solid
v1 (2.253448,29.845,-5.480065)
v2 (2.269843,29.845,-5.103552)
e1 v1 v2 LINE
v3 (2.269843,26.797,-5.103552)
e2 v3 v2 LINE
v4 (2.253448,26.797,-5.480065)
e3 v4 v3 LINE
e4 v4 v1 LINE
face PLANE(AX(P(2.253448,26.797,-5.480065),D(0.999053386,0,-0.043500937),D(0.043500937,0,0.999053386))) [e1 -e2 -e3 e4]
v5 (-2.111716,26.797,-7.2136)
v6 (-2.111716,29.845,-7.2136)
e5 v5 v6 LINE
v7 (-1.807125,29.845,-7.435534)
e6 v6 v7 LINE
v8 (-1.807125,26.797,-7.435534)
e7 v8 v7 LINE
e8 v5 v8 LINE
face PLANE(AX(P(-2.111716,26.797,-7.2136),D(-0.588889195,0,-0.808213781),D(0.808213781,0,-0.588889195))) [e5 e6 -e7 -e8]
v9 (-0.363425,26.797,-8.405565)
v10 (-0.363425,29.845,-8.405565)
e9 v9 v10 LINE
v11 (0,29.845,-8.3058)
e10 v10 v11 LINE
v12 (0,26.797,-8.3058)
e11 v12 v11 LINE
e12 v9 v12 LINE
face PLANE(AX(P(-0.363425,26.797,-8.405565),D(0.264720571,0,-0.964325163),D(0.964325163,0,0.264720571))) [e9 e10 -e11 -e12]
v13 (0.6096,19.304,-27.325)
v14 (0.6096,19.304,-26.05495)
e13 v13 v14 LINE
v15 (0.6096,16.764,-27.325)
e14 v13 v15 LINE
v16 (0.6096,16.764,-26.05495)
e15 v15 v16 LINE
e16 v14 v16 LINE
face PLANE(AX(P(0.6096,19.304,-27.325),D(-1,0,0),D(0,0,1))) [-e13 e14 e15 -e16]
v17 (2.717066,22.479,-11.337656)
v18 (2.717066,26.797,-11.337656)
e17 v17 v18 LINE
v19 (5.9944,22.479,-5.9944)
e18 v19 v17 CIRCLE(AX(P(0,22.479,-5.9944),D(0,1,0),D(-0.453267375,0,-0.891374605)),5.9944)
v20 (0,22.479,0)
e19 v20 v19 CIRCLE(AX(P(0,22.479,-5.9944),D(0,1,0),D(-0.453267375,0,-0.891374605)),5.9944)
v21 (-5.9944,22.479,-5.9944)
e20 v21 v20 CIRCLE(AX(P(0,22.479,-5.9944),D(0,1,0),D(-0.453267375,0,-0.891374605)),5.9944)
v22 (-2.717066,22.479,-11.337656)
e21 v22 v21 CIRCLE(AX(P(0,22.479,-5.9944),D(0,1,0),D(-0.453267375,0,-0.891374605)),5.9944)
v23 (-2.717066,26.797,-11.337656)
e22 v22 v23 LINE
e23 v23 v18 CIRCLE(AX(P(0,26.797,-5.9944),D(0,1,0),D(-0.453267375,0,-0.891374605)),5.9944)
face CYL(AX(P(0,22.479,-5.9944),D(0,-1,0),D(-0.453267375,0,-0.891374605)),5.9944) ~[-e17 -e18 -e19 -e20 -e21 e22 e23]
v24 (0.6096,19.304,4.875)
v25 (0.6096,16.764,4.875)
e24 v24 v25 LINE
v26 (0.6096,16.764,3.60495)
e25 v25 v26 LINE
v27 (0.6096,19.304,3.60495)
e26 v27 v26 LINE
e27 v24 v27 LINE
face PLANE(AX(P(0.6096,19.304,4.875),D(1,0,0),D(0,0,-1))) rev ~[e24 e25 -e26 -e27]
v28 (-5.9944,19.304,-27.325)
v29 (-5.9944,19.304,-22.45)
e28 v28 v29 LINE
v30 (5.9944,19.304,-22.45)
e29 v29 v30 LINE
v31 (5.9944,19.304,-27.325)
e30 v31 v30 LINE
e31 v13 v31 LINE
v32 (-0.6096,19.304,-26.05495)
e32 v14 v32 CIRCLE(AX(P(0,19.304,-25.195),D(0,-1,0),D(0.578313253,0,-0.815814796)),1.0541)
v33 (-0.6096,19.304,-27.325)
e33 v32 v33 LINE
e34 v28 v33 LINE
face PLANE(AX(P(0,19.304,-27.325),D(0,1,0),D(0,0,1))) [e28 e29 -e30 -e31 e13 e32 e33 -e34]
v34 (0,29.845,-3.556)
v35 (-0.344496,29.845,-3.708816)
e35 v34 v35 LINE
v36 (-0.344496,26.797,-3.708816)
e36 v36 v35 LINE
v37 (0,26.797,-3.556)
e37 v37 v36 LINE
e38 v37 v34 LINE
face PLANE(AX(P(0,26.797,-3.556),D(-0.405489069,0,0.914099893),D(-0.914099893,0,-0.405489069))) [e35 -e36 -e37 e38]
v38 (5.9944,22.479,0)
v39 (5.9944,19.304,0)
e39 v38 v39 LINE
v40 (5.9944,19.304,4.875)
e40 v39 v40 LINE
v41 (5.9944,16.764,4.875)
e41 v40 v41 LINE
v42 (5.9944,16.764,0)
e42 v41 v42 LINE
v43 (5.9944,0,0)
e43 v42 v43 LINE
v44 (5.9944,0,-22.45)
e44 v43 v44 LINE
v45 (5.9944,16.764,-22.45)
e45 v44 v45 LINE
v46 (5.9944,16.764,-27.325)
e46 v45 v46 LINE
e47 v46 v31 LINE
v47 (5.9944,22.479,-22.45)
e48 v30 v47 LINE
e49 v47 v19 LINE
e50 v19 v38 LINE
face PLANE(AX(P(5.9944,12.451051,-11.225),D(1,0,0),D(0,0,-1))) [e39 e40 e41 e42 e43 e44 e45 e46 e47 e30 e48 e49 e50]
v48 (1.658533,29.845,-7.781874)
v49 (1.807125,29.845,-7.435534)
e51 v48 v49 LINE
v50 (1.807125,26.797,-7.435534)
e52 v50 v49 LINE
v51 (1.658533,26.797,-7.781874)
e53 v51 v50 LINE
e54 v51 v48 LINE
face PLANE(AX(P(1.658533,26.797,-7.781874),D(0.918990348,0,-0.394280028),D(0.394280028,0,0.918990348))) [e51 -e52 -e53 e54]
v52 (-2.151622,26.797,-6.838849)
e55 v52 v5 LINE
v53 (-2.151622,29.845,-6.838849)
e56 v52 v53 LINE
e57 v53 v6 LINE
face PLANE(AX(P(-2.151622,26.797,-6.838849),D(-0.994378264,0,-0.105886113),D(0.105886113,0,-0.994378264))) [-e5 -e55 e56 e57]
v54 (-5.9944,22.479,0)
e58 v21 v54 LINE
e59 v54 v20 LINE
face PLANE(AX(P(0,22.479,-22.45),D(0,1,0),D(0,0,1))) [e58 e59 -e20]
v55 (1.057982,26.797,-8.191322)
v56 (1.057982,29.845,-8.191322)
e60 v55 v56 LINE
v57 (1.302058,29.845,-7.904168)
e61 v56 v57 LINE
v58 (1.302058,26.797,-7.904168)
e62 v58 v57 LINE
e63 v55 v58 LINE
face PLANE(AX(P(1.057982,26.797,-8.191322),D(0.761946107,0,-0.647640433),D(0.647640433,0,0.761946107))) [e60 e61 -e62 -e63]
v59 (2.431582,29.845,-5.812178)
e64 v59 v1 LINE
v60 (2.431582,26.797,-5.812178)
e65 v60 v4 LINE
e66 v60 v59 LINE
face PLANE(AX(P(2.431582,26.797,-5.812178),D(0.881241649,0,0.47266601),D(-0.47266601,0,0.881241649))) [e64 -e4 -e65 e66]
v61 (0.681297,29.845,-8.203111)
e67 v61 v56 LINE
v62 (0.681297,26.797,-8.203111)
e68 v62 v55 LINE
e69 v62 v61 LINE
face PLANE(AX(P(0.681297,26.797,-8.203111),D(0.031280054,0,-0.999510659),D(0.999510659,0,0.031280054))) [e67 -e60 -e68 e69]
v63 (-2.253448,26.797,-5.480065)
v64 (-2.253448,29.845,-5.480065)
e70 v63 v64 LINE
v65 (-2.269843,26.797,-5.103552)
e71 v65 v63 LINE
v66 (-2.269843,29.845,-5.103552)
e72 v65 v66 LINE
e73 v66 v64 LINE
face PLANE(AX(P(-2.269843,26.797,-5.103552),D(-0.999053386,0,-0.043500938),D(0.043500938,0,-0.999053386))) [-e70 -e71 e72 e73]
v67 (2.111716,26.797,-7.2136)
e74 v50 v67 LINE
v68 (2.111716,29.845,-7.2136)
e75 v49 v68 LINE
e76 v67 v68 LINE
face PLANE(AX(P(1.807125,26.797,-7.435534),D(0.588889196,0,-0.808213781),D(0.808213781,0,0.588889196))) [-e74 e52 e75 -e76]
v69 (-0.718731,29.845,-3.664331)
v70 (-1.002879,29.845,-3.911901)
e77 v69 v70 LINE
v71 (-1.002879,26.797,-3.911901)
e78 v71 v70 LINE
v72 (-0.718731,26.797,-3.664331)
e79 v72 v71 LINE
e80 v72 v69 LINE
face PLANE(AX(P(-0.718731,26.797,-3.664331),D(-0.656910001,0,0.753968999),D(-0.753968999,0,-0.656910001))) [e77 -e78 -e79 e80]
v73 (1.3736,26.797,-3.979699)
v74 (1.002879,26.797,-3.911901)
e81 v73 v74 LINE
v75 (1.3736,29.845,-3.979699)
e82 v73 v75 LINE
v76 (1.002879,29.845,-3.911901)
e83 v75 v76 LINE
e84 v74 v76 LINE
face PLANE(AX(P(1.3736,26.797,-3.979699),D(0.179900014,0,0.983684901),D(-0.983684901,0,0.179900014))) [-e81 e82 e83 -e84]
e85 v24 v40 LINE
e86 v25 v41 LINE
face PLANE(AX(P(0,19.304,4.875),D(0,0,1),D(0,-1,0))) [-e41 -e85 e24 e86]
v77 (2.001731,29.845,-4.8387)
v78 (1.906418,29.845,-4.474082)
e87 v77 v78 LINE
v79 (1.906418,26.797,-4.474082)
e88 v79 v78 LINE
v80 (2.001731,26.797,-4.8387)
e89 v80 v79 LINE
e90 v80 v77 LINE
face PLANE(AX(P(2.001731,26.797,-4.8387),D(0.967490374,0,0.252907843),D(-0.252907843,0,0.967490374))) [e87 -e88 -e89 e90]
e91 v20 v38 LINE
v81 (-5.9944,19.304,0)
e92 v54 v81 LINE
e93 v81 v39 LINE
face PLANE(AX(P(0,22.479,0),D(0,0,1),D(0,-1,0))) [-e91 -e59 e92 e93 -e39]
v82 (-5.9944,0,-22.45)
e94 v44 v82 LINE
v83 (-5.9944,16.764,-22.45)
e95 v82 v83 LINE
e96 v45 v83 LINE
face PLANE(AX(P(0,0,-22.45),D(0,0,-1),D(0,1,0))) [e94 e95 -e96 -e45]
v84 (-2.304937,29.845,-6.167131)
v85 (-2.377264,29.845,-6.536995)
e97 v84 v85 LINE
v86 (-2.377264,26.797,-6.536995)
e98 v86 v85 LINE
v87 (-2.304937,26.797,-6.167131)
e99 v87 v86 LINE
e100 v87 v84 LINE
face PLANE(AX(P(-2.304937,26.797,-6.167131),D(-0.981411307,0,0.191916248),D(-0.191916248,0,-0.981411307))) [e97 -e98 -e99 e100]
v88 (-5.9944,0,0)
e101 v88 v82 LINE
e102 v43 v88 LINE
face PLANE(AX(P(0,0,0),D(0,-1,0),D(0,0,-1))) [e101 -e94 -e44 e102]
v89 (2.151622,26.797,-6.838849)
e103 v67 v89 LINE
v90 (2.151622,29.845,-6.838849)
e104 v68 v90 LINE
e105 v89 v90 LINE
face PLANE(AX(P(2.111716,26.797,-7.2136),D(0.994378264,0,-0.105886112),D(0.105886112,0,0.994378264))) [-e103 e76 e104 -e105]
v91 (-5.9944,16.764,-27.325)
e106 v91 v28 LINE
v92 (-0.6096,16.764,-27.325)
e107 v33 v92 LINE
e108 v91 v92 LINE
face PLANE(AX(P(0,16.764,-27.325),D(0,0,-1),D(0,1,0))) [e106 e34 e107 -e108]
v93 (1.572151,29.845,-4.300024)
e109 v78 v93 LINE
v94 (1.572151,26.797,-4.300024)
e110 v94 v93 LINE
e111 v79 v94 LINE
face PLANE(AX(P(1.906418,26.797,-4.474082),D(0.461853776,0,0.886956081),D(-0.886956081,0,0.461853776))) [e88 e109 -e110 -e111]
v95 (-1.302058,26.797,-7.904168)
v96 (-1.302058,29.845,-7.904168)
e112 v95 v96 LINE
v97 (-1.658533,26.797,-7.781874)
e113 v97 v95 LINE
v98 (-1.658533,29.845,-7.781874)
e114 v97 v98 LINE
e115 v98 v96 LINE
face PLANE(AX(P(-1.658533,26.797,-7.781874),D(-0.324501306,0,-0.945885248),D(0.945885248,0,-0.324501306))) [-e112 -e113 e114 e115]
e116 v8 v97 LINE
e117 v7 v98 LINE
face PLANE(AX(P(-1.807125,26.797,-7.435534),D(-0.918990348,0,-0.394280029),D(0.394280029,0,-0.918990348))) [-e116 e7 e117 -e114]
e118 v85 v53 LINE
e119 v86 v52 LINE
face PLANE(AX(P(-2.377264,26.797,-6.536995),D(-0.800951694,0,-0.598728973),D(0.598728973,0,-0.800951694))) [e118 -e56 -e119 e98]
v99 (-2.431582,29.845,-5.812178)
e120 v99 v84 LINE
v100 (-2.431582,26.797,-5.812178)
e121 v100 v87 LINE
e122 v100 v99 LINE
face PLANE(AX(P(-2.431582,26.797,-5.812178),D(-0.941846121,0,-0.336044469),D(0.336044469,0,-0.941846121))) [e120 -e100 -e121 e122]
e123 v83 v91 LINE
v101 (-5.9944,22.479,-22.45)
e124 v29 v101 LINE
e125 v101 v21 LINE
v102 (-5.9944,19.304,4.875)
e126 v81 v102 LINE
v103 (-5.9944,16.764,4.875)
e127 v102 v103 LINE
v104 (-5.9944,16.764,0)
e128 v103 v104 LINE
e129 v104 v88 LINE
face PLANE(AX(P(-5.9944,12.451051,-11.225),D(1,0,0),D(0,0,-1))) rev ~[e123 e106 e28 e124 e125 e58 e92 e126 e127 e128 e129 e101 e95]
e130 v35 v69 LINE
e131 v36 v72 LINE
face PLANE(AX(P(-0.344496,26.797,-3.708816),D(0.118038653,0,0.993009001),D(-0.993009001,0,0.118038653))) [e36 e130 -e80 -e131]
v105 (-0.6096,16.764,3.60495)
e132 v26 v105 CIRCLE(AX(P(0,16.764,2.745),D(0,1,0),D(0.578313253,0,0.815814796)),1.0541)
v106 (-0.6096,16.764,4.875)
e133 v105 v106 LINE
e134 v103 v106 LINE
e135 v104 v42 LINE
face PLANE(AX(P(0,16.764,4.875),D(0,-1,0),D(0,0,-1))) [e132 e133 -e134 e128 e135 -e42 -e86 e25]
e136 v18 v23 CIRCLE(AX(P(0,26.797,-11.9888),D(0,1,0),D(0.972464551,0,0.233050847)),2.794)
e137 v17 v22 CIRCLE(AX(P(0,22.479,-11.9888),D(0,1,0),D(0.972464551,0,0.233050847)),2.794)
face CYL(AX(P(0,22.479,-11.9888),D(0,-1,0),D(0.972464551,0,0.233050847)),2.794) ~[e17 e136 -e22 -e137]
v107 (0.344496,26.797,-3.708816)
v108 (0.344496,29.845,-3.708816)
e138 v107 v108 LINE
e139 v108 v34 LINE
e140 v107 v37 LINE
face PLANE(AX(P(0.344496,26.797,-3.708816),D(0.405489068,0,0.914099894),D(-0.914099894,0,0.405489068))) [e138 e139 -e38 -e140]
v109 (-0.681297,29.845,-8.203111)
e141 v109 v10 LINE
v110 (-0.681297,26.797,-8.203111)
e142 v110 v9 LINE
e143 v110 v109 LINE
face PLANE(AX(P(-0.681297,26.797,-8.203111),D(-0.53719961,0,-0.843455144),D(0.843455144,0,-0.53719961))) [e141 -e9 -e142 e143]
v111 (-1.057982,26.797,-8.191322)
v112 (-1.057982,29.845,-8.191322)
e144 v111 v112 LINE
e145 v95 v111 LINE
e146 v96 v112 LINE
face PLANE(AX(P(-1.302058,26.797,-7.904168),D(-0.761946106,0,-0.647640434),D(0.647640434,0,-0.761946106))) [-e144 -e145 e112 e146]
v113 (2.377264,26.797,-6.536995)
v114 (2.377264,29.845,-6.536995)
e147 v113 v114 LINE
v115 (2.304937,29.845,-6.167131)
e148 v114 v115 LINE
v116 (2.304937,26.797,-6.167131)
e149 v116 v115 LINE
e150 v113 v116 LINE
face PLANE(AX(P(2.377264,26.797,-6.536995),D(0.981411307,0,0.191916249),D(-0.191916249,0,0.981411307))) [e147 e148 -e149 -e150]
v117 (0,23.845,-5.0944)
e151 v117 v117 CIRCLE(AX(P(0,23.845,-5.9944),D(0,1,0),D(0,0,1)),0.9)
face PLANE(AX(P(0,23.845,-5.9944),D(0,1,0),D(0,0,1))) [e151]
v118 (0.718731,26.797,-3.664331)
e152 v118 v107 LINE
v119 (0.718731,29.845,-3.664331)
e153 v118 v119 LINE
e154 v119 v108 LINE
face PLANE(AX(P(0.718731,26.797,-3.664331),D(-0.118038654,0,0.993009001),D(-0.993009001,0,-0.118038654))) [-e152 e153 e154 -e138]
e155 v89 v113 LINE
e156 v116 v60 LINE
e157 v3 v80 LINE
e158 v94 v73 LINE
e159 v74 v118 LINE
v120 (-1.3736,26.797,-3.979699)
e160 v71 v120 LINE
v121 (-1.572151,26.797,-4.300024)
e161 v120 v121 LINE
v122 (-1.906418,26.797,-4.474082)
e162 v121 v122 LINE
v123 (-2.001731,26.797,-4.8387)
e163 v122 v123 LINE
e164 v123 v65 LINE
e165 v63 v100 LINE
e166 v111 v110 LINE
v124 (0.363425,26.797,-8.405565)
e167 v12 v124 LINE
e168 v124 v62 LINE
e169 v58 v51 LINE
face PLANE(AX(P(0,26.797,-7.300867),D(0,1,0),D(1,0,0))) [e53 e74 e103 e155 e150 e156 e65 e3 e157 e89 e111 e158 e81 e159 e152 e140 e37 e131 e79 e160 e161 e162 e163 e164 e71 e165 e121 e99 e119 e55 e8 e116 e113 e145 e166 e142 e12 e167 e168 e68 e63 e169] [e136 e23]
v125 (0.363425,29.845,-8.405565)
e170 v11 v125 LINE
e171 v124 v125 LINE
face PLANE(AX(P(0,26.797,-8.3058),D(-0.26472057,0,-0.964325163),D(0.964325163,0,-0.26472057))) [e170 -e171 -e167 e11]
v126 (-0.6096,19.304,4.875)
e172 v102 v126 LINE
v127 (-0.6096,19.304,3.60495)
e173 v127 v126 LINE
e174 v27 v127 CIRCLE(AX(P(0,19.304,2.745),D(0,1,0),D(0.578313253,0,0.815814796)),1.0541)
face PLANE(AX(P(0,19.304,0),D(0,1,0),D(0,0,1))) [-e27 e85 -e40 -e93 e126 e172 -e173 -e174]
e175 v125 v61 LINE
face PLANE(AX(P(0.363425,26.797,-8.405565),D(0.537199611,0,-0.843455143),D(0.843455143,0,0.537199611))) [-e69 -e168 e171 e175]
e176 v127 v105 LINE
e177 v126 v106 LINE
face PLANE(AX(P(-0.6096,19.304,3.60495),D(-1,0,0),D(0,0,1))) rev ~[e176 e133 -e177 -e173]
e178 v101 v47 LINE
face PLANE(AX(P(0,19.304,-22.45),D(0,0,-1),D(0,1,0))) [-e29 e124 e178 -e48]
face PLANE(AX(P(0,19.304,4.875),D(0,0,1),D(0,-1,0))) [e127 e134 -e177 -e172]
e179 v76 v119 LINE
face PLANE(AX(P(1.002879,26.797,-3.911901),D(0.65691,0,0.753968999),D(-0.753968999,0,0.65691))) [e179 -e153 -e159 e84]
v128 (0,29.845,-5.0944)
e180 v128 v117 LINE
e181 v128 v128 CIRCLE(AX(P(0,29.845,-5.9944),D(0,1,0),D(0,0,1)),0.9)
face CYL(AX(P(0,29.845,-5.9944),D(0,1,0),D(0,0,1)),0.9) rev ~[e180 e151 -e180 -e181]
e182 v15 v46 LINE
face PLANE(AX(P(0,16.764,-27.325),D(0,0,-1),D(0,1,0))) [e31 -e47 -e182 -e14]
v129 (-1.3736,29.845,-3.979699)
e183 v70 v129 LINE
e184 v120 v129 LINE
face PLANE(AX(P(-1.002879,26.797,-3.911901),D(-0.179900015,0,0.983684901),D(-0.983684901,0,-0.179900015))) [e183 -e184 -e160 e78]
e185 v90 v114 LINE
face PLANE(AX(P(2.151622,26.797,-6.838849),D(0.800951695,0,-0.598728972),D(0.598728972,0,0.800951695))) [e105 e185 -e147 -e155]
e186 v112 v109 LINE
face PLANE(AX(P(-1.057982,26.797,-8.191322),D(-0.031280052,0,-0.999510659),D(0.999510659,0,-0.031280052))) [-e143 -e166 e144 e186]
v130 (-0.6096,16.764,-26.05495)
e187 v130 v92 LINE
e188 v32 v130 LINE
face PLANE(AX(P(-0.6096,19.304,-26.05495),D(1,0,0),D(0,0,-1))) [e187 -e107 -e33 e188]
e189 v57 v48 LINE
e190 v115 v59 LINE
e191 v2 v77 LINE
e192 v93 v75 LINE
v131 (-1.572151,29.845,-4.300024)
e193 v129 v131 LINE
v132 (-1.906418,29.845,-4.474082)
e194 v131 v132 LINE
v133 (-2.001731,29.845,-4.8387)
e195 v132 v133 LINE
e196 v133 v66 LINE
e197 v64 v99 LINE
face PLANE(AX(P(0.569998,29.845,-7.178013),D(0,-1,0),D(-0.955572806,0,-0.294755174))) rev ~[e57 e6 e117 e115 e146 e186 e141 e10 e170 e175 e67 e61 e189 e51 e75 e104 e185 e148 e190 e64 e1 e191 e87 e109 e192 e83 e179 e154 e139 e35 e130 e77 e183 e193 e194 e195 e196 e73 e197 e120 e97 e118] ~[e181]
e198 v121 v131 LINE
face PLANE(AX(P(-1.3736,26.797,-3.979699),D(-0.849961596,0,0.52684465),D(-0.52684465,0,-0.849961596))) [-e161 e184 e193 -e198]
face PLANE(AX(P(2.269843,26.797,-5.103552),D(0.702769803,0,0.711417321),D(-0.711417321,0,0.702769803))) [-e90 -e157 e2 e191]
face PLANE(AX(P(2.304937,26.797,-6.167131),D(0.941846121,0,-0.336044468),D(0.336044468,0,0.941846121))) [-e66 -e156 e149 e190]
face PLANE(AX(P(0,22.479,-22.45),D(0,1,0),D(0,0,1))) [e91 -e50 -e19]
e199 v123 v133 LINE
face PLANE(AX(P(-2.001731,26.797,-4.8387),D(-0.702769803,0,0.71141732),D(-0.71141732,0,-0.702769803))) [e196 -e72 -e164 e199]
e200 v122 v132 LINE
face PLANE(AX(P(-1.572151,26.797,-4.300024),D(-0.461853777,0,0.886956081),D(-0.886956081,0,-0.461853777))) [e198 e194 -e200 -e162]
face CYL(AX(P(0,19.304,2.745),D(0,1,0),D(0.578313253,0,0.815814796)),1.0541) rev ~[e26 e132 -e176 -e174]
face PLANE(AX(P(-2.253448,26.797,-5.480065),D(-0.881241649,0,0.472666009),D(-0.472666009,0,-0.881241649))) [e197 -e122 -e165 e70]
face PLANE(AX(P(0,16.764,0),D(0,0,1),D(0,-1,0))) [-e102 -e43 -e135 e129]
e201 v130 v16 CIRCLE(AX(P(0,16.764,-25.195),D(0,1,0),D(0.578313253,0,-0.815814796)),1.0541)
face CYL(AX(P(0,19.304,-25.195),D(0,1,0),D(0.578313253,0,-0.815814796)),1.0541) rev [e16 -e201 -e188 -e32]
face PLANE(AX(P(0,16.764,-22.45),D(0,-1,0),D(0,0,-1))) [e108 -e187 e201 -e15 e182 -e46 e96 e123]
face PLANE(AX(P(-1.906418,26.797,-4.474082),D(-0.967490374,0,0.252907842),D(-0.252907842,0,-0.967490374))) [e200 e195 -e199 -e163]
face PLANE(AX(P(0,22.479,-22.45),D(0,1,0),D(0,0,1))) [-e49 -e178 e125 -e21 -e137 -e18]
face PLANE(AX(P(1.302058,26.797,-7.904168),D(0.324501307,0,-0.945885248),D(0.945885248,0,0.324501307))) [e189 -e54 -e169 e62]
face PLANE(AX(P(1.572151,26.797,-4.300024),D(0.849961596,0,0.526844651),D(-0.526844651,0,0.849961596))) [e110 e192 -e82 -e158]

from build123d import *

# Parameters (mm, degrees)
BOSS_EXTRUDE1_DEPTH = 5.9944
BOSS_EXTRUDE2_DEPTH = 4.318
BOSS_EXTRUDE3_DEPTH = 3.048
CIRPATTERN1_COUNT   = 21
SKETCH4_R           = 0.9
CUT_EXTRUDE1_DEPTH  = 6
CUT_EXTRUDE2_REACH  = 35.989


with BuildPart() as part:
    # Sketch1 → Boss-Extrude1 (new, symmetric)
    with BuildSketch(Plane(origin=(0, 0, 0), x_dir=(0, 0, -1), z_dir=(1, 0, 0))):
        Polygon((22.45, 16.764), (27.325, 16.764), (27.325, 19.304), (22.45, 19.304), (22.45, 22.479), (0, 22.479), (0, 19.304), (-4.875, 19.304), (-4.875, 16.764), (0, 16.764), (0, 0), (22.45, 0), align=None)
    extrude(amount=BOSS_EXTRUDE1_DEPTH, both=True)

    # Sketch2 → Boss-Extrude2 (add)
    with BuildSketch(Plane(origin=(0, 22.479, 0), x_dir=(1, 0, 0), z_dir=(0, 1, 0))):
        with BuildLine():
            ThreePointArc((-2.717065955, 11.337655932), (0, 0), (2.717065955, 11.337655932))
            ThreePointArc((2.717065955, 11.337655932), (0, 14.7828), (-2.717065955, 11.337655932))
        make_face()
    extrude(amount=BOSS_EXTRUDE2_DEPTH)

    # Sketch3 → Boss-Extrude3 (add)
    with BuildSketch(Plane(origin=(0, 26.797, 0), x_dir=(1, 0, 0), z_dir=(0, 1, 0))):
        Polygon((0, 5.9944), (0, 8.3058), (0.363424662, 8.405565087), (0.68129711, 8.203110983), align=None)
    boss_extrude3 = extrude(amount=BOSS_EXTRUDE3_DEPTH)

    # CirPattern1: Boss-Extrude3 ×21 about axis
    cirpattern1_axis = Axis((0, 0, -5.9944), (0, 1, 0))
    for i in range(1, CIRPATTERN1_COUNT):
        add(boss_extrude3.rotate(cirpattern1_axis, i * 360 / CIRPATTERN1_COUNT))

    # Sketch4 → Cut-Extrude1 (cut)
    with BuildSketch(Plane(origin=(0, 29.845, 0), x_dir=(1, 0, 0), z_dir=(0, 1, 0))):
        with Locations(Location((0, 5.9944, 0), (0, 0, 270))):
            Circle(SKETCH4_R)
    extrude(amount=-CUT_EXTRUDE1_DEPTH, mode=Mode.SUBTRACT)

    # Sketch5 → Cut-Extrude2 (cut, up to next)
    with BuildSketch(Plane(origin=(0, 19.304, 0), x_dir=(1, 0, 0), z_dir=(0, 1, 0)), mode=Mode.PRIVATE) as cut_extrude2_sk1:
        with BuildLine():
            Line((-0.6096, 26.054950376), (-0.6096, 27.325))
            Line((-0.6096, 27.325), (0.6096, 27.325))
            Line((0.6096, 27.325), (0.6096, 26.054950376))
            ThreePointArc((0.6096, 26.054950376), (0, 24.1409), (-0.6096, 26.054950376))
        make_face()
    cut_extrude2_tool1 = extrude(cut_extrude2_sk1.sketch, amount=-CUT_EXTRUDE2_REACH, mode=Mode.PRIVATE) & part.part
    # Sketch5 → Cut-Extrude2 (cut, up to next)
    with BuildSketch(Plane(origin=(0, 19.304, 0), x_dir=(1, 0, 0), z_dir=(0, 1, 0)), mode=Mode.PRIVATE) as cut_extrude2_sk2:
        with BuildLine():
            Line((-0.6096, -4.875), (0.6096, -4.875))
            Line((0.6096, -4.875), (0.6096, -3.604950376))
            ThreePointArc((0.6096, -3.604950376), (0, -1.6909), (-0.6096, -3.604950376))
            Line((-0.6096, -3.604950376), (-0.6096, -4.875))
        make_face()
    cut_extrude2_tool2 = extrude(cut_extrude2_sk2.sketch, amount=-CUT_EXTRUDE2_REACH, mode=Mode.PRIVATE) & part.part
    add(cut_extrude2_tool1.solids().sort_by_distance((0, 19.304, -25.638579))[0], mode=Mode.SUBTRACT)
    add(cut_extrude2_tool2.solids().sort_by_distance((0, 19.304, 3.188579))[0], mode=Mode.SUBTRACT)


solid = part.part
